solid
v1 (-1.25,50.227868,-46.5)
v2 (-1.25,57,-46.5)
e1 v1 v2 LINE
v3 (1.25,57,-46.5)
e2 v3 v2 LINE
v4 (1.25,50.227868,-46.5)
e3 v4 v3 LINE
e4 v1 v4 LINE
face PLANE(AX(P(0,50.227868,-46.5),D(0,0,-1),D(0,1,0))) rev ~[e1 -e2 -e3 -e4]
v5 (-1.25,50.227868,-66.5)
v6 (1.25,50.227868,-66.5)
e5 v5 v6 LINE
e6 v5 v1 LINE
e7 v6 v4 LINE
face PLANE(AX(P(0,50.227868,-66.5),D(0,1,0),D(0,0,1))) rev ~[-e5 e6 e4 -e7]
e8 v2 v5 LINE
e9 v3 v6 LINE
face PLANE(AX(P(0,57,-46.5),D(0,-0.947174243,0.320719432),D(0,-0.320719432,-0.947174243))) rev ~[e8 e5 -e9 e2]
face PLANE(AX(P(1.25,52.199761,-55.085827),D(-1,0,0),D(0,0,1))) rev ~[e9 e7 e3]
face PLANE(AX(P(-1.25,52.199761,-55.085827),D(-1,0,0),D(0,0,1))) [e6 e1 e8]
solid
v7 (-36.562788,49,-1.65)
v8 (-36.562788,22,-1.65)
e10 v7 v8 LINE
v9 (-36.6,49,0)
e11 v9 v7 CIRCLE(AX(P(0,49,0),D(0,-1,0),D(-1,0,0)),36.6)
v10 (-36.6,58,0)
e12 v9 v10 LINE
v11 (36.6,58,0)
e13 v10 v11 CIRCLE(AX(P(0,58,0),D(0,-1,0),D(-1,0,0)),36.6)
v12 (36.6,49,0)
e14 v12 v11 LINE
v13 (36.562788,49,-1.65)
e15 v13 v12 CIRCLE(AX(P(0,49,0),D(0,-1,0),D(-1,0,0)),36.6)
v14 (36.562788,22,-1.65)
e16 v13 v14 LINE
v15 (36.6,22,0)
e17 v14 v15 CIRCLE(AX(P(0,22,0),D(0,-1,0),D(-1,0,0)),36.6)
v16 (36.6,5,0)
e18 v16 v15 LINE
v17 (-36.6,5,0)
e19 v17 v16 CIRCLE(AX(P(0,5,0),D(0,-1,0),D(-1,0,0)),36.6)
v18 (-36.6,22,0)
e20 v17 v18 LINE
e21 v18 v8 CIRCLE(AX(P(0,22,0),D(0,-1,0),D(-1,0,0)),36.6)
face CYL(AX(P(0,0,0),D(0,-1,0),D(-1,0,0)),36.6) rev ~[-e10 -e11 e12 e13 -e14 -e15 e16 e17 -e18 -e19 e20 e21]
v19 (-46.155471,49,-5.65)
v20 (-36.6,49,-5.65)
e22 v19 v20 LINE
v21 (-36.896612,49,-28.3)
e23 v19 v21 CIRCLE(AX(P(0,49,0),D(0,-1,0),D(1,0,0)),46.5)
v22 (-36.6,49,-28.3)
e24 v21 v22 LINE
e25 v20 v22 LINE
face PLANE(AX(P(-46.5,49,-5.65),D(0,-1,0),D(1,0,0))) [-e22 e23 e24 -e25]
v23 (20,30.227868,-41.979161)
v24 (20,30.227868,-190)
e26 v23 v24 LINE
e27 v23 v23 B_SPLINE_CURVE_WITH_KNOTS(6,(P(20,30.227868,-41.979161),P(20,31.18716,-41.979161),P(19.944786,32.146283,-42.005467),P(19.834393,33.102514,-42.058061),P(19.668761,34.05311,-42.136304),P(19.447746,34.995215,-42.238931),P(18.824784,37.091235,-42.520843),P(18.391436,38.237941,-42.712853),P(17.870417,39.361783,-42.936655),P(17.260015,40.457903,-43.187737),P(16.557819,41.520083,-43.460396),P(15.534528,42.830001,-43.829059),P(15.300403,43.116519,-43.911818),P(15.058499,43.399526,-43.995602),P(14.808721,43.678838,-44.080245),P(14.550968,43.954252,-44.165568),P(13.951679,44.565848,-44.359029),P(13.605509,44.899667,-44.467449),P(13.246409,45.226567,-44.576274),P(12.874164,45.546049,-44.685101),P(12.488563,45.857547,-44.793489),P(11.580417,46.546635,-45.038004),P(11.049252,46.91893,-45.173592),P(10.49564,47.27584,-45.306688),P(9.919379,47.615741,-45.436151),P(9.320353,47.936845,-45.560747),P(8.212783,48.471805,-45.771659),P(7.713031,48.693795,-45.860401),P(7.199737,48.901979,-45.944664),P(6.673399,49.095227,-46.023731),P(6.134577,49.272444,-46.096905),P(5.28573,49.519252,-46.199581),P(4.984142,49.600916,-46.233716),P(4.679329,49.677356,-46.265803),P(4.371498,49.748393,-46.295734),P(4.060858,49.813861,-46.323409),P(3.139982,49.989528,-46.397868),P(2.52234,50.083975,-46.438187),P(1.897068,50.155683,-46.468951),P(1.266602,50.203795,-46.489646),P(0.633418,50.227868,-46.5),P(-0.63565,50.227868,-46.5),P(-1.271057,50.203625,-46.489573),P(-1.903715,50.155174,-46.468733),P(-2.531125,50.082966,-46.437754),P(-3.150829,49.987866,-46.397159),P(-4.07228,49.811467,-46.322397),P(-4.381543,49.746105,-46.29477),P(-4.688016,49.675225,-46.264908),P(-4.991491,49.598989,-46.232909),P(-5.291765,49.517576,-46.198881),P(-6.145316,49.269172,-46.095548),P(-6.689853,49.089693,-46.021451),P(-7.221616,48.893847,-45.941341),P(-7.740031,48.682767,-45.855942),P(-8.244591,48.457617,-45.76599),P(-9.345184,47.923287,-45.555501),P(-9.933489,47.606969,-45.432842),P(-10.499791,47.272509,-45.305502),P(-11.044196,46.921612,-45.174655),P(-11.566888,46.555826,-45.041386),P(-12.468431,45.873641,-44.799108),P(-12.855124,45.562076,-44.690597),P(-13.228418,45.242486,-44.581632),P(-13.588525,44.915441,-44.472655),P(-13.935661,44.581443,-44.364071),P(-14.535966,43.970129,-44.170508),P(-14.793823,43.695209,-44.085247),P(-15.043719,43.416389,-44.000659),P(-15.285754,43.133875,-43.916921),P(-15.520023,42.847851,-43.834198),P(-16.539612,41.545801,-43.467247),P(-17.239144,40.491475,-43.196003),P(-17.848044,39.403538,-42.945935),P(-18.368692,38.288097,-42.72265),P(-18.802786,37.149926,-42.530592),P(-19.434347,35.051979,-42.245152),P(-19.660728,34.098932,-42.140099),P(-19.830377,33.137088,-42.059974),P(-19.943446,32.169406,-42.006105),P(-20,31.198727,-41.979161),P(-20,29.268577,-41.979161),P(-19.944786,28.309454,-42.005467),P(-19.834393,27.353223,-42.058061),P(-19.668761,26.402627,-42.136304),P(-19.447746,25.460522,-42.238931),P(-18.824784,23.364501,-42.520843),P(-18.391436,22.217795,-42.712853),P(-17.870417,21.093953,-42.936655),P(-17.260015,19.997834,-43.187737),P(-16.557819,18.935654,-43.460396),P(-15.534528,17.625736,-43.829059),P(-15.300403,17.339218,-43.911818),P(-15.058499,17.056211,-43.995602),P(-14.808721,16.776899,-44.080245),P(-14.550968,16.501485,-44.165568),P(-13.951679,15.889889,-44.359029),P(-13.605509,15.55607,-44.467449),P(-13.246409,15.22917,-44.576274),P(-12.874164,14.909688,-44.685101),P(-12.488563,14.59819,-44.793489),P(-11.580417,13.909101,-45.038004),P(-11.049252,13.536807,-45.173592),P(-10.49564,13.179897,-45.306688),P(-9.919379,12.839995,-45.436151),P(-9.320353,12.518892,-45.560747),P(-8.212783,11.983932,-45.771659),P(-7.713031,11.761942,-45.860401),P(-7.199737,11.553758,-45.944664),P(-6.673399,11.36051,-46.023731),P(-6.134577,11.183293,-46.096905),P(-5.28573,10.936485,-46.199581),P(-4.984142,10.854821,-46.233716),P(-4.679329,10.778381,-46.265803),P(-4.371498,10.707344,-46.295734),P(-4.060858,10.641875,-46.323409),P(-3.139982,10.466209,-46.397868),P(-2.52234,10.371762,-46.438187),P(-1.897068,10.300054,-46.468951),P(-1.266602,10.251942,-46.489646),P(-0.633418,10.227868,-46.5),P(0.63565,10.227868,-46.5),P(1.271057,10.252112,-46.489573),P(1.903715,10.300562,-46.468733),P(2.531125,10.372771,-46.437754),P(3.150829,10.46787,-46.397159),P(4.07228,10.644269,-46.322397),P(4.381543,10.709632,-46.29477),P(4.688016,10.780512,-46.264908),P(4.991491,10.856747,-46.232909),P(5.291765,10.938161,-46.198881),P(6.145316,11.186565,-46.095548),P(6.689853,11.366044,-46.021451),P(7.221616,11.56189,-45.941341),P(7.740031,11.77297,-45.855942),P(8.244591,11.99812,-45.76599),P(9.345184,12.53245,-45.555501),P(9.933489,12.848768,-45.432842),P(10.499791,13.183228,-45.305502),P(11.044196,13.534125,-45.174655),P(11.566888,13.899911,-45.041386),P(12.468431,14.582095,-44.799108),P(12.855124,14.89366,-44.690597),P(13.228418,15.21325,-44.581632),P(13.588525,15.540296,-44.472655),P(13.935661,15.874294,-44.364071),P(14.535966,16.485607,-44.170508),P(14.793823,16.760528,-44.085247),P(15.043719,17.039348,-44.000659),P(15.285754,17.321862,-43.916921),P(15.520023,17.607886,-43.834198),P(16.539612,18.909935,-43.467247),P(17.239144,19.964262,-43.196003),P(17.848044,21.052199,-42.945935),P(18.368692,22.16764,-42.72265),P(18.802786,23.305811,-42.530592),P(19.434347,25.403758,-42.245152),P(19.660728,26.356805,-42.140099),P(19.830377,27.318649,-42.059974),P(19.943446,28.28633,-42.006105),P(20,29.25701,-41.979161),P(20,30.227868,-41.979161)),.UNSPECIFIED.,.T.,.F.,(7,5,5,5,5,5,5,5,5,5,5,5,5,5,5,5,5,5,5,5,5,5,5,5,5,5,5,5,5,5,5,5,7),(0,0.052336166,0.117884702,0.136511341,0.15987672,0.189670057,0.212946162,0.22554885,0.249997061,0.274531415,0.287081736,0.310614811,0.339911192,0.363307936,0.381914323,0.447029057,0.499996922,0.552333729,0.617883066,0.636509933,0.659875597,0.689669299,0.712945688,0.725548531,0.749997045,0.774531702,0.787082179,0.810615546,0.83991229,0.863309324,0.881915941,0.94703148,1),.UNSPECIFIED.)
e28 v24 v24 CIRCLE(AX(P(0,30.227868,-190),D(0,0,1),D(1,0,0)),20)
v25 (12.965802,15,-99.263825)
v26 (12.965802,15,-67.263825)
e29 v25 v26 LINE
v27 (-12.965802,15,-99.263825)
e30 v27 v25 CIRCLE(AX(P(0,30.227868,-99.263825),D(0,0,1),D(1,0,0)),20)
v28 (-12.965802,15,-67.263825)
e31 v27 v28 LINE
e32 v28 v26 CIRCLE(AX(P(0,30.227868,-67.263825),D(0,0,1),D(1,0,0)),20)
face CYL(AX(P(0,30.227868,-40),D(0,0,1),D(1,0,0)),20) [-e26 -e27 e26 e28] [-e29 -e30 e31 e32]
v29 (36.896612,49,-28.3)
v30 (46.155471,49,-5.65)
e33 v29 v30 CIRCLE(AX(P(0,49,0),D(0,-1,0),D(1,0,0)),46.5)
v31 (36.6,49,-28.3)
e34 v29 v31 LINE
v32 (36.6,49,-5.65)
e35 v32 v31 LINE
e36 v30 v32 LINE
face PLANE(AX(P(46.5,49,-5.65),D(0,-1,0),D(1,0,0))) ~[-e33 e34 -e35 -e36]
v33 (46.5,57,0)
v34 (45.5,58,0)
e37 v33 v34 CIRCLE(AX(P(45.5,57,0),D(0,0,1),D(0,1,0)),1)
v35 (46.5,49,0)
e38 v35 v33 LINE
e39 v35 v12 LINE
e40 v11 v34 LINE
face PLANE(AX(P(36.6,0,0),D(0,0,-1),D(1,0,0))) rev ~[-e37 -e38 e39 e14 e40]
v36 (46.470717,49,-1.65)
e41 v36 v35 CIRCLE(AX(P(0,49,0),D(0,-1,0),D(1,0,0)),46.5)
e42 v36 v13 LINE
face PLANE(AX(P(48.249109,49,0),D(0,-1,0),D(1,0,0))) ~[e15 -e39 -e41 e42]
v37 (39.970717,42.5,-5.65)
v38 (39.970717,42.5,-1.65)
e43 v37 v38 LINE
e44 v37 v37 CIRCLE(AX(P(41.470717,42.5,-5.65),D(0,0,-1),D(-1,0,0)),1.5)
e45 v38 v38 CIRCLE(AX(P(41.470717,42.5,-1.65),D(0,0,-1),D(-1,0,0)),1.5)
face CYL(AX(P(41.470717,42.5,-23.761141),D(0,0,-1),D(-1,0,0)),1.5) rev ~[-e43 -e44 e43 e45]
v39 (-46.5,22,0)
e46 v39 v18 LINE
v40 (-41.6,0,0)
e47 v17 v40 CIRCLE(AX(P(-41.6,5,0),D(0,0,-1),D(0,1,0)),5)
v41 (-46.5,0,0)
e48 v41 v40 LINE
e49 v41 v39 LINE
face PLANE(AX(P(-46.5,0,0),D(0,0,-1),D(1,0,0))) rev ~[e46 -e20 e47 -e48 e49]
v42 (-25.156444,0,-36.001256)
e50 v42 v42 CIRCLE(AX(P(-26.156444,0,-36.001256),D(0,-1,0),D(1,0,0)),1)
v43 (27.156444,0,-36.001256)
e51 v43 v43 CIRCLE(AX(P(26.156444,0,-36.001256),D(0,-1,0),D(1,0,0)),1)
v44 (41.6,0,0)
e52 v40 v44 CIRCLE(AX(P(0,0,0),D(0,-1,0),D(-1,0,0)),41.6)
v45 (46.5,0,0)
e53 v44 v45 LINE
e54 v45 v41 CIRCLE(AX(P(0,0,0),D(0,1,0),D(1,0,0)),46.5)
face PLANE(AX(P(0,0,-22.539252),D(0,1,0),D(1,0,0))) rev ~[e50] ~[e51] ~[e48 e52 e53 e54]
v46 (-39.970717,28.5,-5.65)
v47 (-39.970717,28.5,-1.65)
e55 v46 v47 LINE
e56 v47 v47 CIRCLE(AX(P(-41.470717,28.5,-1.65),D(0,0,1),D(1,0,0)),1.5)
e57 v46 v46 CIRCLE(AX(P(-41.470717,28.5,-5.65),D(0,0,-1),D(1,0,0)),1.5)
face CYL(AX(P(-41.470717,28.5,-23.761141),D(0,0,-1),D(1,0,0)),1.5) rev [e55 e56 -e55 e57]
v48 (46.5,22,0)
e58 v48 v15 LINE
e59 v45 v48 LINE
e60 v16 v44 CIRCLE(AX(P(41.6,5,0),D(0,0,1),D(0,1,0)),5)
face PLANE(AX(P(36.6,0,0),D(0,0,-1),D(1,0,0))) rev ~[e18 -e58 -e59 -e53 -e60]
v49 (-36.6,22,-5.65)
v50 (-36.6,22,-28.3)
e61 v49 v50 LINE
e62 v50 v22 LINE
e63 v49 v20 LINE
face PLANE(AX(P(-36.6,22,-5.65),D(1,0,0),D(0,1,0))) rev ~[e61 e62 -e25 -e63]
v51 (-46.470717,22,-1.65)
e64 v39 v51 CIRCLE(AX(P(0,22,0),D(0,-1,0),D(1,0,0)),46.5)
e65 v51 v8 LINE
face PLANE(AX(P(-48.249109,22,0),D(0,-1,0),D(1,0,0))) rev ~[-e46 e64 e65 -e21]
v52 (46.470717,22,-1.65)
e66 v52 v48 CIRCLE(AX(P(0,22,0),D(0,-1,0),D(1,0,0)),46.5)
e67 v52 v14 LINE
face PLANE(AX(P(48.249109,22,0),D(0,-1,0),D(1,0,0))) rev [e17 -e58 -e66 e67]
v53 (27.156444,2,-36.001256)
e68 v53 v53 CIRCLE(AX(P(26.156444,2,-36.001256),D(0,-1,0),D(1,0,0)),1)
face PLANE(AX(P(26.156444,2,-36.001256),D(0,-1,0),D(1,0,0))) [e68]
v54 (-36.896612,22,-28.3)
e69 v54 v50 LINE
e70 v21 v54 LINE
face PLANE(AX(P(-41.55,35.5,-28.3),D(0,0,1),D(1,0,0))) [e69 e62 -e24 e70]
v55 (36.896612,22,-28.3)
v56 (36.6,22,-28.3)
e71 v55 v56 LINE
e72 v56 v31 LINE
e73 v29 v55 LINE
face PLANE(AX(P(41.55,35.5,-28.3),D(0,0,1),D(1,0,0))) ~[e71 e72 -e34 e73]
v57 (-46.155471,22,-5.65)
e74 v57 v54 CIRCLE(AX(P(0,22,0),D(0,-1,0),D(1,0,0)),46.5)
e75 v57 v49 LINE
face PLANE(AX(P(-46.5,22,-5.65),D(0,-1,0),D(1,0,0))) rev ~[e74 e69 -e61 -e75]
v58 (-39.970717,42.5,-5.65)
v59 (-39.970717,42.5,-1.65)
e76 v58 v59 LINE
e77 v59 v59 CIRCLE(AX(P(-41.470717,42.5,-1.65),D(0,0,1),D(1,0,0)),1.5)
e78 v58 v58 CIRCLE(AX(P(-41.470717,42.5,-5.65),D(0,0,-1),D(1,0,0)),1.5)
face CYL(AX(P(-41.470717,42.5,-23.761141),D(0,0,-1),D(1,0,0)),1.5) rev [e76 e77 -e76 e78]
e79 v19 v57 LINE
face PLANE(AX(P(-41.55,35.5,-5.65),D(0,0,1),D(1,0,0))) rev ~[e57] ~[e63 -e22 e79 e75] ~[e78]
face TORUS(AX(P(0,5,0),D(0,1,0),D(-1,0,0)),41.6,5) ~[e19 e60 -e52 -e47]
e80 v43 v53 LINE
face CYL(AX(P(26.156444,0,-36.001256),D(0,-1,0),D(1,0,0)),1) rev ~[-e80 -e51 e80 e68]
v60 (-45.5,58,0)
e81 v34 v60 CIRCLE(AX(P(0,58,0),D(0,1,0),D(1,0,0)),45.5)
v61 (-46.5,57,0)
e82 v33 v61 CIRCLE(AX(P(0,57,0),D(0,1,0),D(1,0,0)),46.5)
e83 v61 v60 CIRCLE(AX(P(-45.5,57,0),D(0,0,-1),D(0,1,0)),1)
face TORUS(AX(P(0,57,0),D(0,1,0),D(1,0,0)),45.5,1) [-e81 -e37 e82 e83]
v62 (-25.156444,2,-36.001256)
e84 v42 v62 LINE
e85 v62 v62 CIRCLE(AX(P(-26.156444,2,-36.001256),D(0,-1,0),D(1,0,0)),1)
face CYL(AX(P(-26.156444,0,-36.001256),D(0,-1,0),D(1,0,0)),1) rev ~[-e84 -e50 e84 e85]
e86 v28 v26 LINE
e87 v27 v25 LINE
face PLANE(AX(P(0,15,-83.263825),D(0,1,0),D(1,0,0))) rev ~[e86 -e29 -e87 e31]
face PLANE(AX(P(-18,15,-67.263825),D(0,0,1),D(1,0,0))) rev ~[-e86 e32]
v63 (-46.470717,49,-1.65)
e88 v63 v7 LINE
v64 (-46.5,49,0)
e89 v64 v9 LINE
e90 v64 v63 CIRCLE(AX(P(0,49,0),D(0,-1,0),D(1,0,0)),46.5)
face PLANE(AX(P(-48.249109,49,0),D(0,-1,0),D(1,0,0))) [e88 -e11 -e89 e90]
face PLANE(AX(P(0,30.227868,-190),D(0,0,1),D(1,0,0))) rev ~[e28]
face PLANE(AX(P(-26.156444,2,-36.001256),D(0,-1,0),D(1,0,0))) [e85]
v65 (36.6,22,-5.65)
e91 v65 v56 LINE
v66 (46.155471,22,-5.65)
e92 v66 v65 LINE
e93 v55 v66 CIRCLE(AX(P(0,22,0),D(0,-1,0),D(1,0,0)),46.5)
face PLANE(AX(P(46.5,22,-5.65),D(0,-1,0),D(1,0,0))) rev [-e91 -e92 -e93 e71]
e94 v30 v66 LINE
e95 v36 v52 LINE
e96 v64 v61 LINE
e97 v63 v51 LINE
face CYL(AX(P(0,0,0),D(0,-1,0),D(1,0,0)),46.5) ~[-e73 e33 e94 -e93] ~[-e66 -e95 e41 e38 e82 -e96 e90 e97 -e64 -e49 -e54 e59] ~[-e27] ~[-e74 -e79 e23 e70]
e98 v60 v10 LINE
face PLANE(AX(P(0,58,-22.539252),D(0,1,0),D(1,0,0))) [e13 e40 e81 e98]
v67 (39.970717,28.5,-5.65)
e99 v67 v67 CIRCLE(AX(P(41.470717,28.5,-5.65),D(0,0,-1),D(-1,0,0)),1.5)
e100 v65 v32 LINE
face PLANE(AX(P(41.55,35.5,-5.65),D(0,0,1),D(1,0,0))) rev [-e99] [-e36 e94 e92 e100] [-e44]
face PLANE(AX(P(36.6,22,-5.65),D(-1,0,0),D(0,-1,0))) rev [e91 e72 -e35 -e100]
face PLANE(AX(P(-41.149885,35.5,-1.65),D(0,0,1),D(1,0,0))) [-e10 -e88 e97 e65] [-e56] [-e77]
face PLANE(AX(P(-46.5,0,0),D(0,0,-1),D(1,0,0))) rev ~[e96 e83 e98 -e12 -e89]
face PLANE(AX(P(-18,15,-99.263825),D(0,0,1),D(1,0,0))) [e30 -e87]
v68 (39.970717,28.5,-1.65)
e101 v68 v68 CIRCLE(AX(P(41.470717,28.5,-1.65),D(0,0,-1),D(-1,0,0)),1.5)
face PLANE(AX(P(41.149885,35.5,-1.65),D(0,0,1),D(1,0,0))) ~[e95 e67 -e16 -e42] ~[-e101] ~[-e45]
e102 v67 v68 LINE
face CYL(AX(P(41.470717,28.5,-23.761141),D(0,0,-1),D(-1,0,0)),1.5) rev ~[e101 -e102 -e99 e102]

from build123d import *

# Parameters (mm, degrees)
EXTRUDE_1_DEPTH     = 58
FILLET_1_R          = 5
SKETCH_2_W          = 14.1984483
SKETCH_2_H          = 27
CUT_EXTRUDE_1_DEPTH = 1.65
CUT_EXTRUDE_START   = -22.111141
SKETCH_3_R          = 1.5
CUT_EXTRUDE_2_DEPTH = 22.111141
SKETCH_5_W          = 9.9
SKETCH_5_H          = 27
CUT_EXTRUDE_3_DEPTH = 22.65
SKETCH_7_R          = 20
EXTRUDE_2_DEPTH     = 150
CUT_EXTRUDE_START_2 = 15
SKETCH_9_W          = 36
SKETCH_9_H          = 32
CUT_EXTRUDE_5_DEPTH = 8
SKETCH_10_R         = 1
CUT_EXTRUDE_6_DEPTH = 2
FILLET_2_R          = 1
EXTRUDE_3_DEPTH     = 1.25


with BuildPart() as part:
    # 草图1 → 凸台-拉伸1 (new body)
    with BuildSketch(Plane(origin=(0, 0, 0), x_dir=(1, 0, 0), z_dir=(0, 1, 0))):
        with BuildLine():
            Line((-46.5, 0), (-36.6, 0))
            ThreePointArc((-36.6, 0), (0, 36.6), (36.6, 0))
            Line((36.6, 0), (46.5, 0))
            ThreePointArc((46.5, 0), (0, 46.5), (-46.5, 0))
        make_face()
    extrude(amount=EXTRUDE_1_DEPTH)

    # 圆角1
    fillet_1_edges = [part.edges().sort_by_distance(p)[0] for p in [
        (0, 0, -36.6),
    ]]
    fillet(fillet_1_edges, radius=FILLET_1_R)

    # 草图2 → 切除-拉伸1 (cut)
    with BuildSketch(Plane.XY):
        with Locations((-41.149885232, 35.5)):
            Rectangle(SKETCH_2_W, SKETCH_2_H)
    cut_extrude_1 = extrude(amount=-CUT_EXTRUDE_1_DEPTH, mode=Mode.SUBTRACT)

    # 草图3 → 切除-拉伸2 (cut)
    with BuildSketch(Plane.XY.offset(-1.65).offset(CUT_EXTRUDE_START)):
        with Locations((-41.470716586, 28.5)):
            Circle(SKETCH_3_R)
        with Locations((-41.470716586, 42.5)):
            Circle(SKETCH_3_R)
    cut_extrude_2 = extrude(amount=CUT_EXTRUDE_2_DEPTH, mode=Mode.SUBTRACT)

    # 草图5 → 切除-拉伸3 (cut)
    with BuildSketch(Plane.XY.offset(-5.65)):
        with Locations((-41.55, 35.5)):
            Rectangle(SKETCH_5_W, SKETCH_5_H)
    cut_extrude_3 = extrude(amount=-CUT_EXTRUDE_3_DEPTH, mode=Mode.SUBTRACT)

    # 镜向2: 切除-拉伸1, 切除-拉伸2, 切除-拉伸3 across plane
    add(cut_extrude_1.mirror(Plane(origin=(0, 0, 0), x_dir=(0, 0, 1), z_dir=(1, 0, 0))), mode=Mode.SUBTRACT)
    add(cut_extrude_2.mirror(Plane(origin=(0, 0, 0), x_dir=(0, 0, 1), z_dir=(1, 0, 0))), mode=Mode.SUBTRACT)
    add(cut_extrude_3.mirror(Plane(origin=(0, 0, 0), x_dir=(0, 0, 1), z_dir=(1, 0, 0))), mode=Mode.SUBTRACT)

    # 草图7 → 凸台-拉伸2 (add)
    with BuildSketch(Plane.XY.offset(-40)):
        with Locations((0, 30.227868372)):
            Circle(SKETCH_7_R)
    extrude(amount=-EXTRUDE_2_DEPTH)

    # 草图9 → 切除-拉伸5 (cut)
    with BuildSketch(Plane(origin=(0, 0, 0), x_dir=(1, 0, 0), z_dir=(0, 1, 0)).offset(CUT_EXTRUDE_START_2)):
        with Locations((0, 83.263825199)):
            Rectangle(SKETCH_9_W, SKETCH_9_H)
    extrude(amount=-CUT_EXTRUDE_5_DEPTH, mode=Mode.SUBTRACT)

    # 草图10 → 切除-拉伸6 (cut)
    with BuildSketch(Plane.XZ):
        with Locations((-26.156443727, -36.00125625)):
            Circle(SKETCH_10_R)
        with Locations((26.156443727, -36.00125625)):
            Circle(SKETCH_10_R)
    extrude(amount=-CUT_EXTRUDE_6_DEPTH, mode=Mode.SUBTRACT)

    # 圆角2
    fillet_2_edges = [part.edges().sort_by_distance(p)[0] for p in [
        (0, 58, -46.5),
    ]]
    fillet(fillet_2_edges, radius=FILLET_2_R)


with BuildPart() as body_2:
    # 草图11 → 凸台-拉伸3 (new body, symmetric)
    with BuildSketch(Plane(origin=(0, 0, 0), x_dir=(0, 0, -1), z_dir=(1, 0, 0))):
        Polygon((46.5, 50.227868372), (46.5, 57), (66.5, 50.227868372), align=None)
    extrude(amount=EXTRUDE_3_DEPTH, both=True)


solid = Compound([part.part, body_2.part])
